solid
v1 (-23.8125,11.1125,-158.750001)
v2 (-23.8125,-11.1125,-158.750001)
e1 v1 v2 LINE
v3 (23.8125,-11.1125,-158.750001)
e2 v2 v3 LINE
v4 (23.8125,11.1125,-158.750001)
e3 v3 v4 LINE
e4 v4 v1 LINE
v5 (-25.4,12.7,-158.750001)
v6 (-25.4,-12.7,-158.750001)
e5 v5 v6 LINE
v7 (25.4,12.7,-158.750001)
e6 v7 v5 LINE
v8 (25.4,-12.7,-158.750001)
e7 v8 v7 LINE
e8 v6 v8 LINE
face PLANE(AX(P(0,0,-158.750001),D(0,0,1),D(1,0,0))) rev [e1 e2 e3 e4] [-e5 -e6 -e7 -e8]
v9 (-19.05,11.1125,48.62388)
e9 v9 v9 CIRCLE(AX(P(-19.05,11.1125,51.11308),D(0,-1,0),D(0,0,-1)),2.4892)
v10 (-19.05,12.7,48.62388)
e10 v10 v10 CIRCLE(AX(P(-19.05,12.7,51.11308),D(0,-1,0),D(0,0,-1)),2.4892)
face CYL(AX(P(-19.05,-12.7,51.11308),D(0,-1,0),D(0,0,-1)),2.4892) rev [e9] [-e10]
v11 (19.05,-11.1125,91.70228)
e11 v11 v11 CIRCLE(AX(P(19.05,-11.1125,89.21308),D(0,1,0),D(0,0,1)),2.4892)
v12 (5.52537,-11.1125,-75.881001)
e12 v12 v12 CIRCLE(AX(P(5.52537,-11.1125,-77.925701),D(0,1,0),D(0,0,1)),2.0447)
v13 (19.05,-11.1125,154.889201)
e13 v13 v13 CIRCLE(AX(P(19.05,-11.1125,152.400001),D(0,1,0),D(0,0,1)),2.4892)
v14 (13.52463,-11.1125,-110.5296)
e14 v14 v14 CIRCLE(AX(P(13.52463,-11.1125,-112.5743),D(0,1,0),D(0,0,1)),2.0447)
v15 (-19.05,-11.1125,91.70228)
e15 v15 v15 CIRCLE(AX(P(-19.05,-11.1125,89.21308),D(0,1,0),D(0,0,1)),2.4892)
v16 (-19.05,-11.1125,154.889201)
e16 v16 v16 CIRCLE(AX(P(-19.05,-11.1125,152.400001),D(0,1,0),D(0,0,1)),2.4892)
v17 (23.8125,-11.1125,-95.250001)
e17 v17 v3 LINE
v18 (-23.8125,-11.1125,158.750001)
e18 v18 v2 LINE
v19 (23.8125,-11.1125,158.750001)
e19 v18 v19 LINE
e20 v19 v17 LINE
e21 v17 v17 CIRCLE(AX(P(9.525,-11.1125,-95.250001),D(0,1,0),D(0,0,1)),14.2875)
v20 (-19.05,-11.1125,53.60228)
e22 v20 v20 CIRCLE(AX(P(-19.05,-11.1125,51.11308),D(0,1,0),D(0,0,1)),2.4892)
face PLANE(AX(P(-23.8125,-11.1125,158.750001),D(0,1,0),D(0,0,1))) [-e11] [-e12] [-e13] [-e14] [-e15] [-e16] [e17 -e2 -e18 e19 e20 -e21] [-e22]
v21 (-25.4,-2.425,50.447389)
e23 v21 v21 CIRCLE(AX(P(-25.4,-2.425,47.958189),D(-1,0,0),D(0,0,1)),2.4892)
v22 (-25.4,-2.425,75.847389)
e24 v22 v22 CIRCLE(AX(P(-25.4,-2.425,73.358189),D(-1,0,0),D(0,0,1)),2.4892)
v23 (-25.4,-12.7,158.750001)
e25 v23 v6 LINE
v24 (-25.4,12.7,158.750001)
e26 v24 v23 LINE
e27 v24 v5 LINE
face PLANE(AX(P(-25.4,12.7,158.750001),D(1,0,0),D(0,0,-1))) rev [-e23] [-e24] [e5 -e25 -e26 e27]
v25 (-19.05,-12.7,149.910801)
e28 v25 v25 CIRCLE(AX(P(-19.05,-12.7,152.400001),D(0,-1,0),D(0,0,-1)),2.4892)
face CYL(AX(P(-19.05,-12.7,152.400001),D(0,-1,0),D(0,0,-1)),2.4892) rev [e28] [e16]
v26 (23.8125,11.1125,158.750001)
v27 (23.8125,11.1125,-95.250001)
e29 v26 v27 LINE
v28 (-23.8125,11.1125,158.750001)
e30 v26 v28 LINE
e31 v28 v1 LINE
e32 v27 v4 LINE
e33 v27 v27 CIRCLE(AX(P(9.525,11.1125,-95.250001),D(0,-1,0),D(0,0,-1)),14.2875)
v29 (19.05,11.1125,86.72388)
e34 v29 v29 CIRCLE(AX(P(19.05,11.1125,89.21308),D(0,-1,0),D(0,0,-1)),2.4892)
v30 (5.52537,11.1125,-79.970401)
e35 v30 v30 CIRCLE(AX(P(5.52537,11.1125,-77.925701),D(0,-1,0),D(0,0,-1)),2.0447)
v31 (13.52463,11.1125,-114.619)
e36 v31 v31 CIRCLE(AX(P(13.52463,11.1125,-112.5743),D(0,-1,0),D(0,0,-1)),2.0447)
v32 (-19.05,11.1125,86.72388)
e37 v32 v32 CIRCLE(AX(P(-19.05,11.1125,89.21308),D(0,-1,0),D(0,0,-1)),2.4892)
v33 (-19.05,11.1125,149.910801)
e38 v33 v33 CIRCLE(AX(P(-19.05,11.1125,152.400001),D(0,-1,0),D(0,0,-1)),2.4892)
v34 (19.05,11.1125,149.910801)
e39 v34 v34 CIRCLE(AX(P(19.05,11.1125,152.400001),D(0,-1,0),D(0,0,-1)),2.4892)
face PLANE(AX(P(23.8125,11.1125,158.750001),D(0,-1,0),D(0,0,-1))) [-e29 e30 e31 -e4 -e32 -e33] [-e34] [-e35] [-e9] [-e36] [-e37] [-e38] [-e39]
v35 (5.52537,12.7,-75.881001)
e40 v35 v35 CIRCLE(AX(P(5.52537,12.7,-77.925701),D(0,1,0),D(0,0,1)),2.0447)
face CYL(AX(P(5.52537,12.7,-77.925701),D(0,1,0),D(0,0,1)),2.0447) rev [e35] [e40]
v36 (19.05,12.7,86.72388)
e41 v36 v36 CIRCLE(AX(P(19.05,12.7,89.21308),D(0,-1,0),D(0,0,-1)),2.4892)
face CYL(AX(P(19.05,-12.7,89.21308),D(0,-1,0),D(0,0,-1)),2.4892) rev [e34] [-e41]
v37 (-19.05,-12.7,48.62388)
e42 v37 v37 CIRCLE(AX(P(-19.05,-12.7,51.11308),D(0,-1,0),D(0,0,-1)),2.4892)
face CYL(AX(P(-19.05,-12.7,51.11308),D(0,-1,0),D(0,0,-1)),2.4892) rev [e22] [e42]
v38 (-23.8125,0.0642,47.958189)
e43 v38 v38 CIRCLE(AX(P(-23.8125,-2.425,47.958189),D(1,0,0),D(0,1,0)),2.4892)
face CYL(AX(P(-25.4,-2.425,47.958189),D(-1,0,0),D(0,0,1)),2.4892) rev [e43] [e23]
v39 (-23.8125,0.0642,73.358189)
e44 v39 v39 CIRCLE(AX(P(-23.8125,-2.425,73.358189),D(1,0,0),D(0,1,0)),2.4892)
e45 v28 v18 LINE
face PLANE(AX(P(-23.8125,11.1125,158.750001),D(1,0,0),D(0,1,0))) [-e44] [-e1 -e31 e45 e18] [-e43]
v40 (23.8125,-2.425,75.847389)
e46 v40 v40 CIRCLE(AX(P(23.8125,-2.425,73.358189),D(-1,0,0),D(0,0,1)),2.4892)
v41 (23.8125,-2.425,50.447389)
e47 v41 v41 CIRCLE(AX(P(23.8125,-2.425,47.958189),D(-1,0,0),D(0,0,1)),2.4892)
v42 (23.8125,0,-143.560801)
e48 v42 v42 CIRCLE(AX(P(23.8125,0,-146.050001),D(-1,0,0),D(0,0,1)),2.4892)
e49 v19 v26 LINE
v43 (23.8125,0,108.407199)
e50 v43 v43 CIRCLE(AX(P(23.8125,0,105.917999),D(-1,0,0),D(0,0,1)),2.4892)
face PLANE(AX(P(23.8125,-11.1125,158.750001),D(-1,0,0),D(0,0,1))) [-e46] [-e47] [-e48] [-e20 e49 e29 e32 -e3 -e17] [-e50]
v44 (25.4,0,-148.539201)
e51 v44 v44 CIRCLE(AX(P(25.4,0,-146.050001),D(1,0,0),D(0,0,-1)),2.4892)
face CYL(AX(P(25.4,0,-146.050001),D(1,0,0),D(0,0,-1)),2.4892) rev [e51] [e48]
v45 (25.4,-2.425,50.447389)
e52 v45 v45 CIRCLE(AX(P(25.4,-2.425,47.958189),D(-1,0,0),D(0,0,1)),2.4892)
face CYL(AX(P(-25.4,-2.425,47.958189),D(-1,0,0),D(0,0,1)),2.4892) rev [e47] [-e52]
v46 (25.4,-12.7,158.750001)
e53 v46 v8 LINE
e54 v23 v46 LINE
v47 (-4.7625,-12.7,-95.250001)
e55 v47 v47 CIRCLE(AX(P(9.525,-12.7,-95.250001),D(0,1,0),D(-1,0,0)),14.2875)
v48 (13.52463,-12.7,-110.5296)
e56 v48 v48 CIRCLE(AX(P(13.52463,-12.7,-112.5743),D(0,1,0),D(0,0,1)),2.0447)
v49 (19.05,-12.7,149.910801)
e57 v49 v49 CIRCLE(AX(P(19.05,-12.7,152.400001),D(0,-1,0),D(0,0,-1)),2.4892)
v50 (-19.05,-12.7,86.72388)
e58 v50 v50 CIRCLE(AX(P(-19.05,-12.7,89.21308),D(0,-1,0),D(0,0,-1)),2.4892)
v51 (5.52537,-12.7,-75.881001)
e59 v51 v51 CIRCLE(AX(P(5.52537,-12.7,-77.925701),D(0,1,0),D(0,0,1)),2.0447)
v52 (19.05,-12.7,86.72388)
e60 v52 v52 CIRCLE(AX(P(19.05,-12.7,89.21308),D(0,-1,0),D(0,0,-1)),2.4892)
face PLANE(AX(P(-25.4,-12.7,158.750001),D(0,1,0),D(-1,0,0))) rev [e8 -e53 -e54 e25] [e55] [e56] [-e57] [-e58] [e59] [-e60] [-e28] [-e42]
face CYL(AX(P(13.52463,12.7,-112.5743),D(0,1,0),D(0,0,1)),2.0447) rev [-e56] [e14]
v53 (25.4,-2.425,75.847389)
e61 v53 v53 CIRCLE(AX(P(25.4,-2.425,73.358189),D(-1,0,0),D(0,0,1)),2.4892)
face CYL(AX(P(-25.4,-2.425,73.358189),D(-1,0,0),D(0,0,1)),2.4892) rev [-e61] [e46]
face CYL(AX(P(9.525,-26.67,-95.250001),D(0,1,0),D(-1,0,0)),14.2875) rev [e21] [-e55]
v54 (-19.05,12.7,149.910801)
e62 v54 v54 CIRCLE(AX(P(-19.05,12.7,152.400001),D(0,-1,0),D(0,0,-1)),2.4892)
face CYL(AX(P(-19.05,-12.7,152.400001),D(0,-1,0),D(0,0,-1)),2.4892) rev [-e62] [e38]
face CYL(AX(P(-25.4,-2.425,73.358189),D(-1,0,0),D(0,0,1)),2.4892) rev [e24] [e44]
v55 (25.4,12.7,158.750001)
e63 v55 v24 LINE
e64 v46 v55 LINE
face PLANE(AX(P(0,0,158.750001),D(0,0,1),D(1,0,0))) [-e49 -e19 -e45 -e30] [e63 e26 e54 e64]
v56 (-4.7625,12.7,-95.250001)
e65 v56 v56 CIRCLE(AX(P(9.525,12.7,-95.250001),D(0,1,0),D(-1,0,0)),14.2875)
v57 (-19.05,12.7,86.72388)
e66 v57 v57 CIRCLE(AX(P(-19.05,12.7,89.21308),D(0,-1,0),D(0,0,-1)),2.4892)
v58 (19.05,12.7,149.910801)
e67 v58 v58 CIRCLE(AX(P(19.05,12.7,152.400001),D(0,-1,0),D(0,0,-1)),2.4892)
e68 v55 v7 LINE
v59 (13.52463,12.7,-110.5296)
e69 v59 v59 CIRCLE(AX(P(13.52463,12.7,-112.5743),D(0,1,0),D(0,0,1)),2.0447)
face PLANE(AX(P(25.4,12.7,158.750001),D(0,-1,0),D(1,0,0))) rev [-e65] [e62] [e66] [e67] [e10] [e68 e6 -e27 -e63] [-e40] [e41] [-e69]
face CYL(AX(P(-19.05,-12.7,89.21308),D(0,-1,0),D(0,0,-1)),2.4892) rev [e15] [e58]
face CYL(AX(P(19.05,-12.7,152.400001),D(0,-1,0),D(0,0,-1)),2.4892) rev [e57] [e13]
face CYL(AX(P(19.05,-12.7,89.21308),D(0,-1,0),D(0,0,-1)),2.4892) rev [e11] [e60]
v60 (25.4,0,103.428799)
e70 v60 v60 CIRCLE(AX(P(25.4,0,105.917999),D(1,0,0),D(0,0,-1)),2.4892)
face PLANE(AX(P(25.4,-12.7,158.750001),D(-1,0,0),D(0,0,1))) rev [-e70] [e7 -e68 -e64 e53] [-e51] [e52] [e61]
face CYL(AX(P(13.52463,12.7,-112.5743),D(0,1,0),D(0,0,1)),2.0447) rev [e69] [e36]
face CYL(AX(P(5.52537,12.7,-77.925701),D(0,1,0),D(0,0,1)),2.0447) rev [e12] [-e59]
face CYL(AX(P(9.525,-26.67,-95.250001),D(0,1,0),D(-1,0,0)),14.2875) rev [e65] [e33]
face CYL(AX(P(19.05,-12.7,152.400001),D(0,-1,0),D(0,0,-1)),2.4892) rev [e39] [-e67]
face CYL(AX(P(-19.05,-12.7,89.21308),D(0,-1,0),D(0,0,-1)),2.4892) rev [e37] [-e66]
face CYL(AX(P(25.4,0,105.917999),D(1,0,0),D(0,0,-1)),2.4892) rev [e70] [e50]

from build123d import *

# Parameters (mm, degrees)
BOSS_EXTRUDE1_DEPTH         = 158.750001
BOSS_EXTRUDE1_DEPTH_BACK    = 158.750001
SKETCH3_W                   = 50.8
SKETCH3_H                   = 25.4
SKETCH3_W_2                 = 47.625
SKETCH3_H_2                 = 22.225
SKETCH4_R                   = 14.2875
CUT_EXTRUDE1_DEPTH          = 39.37
F_10_CLEARANCE_HOLE1_D      = 4.9784
F_10_CLEARANCE_HOLE2_D      = 4.9784
F_20_0_161_DIAMETER_HOLE1_D = 4.0894
F_10_CLEARANCE_HOLE3_D      = 4.9784
F_10_CLEARANCE_HOLE3_DEPTH  = 12.7
F_10_CLEARANCE_HOLE3_TIP    = 1.495662253


with BuildPart() as part:
    # Sketch3 → Boss-Extrude1 (new, two sides: drawn at the far end of the back side and taken through both)
    with BuildSketch(Plane.XY.offset(-BOSS_EXTRUDE1_DEPTH_BACK)):
        Rectangle(SKETCH3_W, SKETCH3_H)
        Rectangle(SKETCH3_W_2, SKETCH3_H_2, mode=Mode.SUBTRACT)
    extrude(amount=BOSS_EXTRUDE1_DEPTH + BOSS_EXTRUDE1_DEPTH_BACK)

    # Sketch4 → Cut-Extrude1 (cut)
    with BuildSketch(Plane(origin=(0, 12.7, 0), x_dir=(1, 0, 0), z_dir=(0, 1, 0))):
        with Locations(Location((9.525, 95.250000508, 0), (0, 0, 180))):
            Circle(SKETCH4_R)
    extrude(amount=-CUT_EXTRUDE1_DEPTH, mode=Mode.SUBTRACT)

    # #10 Clearance Hole1 (through all)
    with Locations(Plane.ZY.offset(25.4)):
        with Locations((73.358188649, -2.425), (47.958188649, -2.425)):
            Hole(F_10_CLEARANCE_HOLE1_D / 2)

    # #10 Clearance Hole2 (through all)
    with Locations(Plane(origin=(0, -12.7, 0), x_dir=(-1, 0, 0), z_dir=(0, -1, 0))):
        with Locations((19.05, -51.113080493), (19.05, -89.213080493), (-19.05, -89.213080493), (-19.05, -152.400000508), (19.05, -152.400000508)):
            Hole(F_10_CLEARANCE_HOLE2_D / 2)

    # #20 (0.161) Diameter Hole1 (through all)
    with Locations(Plane(origin=(0, 12.7, 0), x_dir=(1, 0, 0), z_dir=(0, 1, 0))):
        with Locations((13.524629742, 112.574300261), (5.525370258, 77.925700755)):
            Hole(F_20_0_161_DIAMETER_HOLE1_D / 2)

    # #10 Clearance Hole3
    with Locations(Plane(origin=(25.4, 0, 0), x_dir=(0, 0, -1), z_dir=(1, 0, 0))):
        with Locations((-105.917999492, 0), (146.050000508, 0)):
            Hole(F_10_CLEARANCE_HOLE3_D / 2, depth=F_10_CLEARANCE_HOLE3_DEPTH)
            with Locations((0, 0, -(F_10_CLEARANCE_HOLE3_DEPTH + F_10_CLEARANCE_HOLE3_TIP / 2))):  # 118° drill point
                Cone(0, F_10_CLEARANCE_HOLE3_D / 2, F_10_CLEARANCE_HOLE3_TIP, mode=Mode.SUBTRACT)


solid = part.part
